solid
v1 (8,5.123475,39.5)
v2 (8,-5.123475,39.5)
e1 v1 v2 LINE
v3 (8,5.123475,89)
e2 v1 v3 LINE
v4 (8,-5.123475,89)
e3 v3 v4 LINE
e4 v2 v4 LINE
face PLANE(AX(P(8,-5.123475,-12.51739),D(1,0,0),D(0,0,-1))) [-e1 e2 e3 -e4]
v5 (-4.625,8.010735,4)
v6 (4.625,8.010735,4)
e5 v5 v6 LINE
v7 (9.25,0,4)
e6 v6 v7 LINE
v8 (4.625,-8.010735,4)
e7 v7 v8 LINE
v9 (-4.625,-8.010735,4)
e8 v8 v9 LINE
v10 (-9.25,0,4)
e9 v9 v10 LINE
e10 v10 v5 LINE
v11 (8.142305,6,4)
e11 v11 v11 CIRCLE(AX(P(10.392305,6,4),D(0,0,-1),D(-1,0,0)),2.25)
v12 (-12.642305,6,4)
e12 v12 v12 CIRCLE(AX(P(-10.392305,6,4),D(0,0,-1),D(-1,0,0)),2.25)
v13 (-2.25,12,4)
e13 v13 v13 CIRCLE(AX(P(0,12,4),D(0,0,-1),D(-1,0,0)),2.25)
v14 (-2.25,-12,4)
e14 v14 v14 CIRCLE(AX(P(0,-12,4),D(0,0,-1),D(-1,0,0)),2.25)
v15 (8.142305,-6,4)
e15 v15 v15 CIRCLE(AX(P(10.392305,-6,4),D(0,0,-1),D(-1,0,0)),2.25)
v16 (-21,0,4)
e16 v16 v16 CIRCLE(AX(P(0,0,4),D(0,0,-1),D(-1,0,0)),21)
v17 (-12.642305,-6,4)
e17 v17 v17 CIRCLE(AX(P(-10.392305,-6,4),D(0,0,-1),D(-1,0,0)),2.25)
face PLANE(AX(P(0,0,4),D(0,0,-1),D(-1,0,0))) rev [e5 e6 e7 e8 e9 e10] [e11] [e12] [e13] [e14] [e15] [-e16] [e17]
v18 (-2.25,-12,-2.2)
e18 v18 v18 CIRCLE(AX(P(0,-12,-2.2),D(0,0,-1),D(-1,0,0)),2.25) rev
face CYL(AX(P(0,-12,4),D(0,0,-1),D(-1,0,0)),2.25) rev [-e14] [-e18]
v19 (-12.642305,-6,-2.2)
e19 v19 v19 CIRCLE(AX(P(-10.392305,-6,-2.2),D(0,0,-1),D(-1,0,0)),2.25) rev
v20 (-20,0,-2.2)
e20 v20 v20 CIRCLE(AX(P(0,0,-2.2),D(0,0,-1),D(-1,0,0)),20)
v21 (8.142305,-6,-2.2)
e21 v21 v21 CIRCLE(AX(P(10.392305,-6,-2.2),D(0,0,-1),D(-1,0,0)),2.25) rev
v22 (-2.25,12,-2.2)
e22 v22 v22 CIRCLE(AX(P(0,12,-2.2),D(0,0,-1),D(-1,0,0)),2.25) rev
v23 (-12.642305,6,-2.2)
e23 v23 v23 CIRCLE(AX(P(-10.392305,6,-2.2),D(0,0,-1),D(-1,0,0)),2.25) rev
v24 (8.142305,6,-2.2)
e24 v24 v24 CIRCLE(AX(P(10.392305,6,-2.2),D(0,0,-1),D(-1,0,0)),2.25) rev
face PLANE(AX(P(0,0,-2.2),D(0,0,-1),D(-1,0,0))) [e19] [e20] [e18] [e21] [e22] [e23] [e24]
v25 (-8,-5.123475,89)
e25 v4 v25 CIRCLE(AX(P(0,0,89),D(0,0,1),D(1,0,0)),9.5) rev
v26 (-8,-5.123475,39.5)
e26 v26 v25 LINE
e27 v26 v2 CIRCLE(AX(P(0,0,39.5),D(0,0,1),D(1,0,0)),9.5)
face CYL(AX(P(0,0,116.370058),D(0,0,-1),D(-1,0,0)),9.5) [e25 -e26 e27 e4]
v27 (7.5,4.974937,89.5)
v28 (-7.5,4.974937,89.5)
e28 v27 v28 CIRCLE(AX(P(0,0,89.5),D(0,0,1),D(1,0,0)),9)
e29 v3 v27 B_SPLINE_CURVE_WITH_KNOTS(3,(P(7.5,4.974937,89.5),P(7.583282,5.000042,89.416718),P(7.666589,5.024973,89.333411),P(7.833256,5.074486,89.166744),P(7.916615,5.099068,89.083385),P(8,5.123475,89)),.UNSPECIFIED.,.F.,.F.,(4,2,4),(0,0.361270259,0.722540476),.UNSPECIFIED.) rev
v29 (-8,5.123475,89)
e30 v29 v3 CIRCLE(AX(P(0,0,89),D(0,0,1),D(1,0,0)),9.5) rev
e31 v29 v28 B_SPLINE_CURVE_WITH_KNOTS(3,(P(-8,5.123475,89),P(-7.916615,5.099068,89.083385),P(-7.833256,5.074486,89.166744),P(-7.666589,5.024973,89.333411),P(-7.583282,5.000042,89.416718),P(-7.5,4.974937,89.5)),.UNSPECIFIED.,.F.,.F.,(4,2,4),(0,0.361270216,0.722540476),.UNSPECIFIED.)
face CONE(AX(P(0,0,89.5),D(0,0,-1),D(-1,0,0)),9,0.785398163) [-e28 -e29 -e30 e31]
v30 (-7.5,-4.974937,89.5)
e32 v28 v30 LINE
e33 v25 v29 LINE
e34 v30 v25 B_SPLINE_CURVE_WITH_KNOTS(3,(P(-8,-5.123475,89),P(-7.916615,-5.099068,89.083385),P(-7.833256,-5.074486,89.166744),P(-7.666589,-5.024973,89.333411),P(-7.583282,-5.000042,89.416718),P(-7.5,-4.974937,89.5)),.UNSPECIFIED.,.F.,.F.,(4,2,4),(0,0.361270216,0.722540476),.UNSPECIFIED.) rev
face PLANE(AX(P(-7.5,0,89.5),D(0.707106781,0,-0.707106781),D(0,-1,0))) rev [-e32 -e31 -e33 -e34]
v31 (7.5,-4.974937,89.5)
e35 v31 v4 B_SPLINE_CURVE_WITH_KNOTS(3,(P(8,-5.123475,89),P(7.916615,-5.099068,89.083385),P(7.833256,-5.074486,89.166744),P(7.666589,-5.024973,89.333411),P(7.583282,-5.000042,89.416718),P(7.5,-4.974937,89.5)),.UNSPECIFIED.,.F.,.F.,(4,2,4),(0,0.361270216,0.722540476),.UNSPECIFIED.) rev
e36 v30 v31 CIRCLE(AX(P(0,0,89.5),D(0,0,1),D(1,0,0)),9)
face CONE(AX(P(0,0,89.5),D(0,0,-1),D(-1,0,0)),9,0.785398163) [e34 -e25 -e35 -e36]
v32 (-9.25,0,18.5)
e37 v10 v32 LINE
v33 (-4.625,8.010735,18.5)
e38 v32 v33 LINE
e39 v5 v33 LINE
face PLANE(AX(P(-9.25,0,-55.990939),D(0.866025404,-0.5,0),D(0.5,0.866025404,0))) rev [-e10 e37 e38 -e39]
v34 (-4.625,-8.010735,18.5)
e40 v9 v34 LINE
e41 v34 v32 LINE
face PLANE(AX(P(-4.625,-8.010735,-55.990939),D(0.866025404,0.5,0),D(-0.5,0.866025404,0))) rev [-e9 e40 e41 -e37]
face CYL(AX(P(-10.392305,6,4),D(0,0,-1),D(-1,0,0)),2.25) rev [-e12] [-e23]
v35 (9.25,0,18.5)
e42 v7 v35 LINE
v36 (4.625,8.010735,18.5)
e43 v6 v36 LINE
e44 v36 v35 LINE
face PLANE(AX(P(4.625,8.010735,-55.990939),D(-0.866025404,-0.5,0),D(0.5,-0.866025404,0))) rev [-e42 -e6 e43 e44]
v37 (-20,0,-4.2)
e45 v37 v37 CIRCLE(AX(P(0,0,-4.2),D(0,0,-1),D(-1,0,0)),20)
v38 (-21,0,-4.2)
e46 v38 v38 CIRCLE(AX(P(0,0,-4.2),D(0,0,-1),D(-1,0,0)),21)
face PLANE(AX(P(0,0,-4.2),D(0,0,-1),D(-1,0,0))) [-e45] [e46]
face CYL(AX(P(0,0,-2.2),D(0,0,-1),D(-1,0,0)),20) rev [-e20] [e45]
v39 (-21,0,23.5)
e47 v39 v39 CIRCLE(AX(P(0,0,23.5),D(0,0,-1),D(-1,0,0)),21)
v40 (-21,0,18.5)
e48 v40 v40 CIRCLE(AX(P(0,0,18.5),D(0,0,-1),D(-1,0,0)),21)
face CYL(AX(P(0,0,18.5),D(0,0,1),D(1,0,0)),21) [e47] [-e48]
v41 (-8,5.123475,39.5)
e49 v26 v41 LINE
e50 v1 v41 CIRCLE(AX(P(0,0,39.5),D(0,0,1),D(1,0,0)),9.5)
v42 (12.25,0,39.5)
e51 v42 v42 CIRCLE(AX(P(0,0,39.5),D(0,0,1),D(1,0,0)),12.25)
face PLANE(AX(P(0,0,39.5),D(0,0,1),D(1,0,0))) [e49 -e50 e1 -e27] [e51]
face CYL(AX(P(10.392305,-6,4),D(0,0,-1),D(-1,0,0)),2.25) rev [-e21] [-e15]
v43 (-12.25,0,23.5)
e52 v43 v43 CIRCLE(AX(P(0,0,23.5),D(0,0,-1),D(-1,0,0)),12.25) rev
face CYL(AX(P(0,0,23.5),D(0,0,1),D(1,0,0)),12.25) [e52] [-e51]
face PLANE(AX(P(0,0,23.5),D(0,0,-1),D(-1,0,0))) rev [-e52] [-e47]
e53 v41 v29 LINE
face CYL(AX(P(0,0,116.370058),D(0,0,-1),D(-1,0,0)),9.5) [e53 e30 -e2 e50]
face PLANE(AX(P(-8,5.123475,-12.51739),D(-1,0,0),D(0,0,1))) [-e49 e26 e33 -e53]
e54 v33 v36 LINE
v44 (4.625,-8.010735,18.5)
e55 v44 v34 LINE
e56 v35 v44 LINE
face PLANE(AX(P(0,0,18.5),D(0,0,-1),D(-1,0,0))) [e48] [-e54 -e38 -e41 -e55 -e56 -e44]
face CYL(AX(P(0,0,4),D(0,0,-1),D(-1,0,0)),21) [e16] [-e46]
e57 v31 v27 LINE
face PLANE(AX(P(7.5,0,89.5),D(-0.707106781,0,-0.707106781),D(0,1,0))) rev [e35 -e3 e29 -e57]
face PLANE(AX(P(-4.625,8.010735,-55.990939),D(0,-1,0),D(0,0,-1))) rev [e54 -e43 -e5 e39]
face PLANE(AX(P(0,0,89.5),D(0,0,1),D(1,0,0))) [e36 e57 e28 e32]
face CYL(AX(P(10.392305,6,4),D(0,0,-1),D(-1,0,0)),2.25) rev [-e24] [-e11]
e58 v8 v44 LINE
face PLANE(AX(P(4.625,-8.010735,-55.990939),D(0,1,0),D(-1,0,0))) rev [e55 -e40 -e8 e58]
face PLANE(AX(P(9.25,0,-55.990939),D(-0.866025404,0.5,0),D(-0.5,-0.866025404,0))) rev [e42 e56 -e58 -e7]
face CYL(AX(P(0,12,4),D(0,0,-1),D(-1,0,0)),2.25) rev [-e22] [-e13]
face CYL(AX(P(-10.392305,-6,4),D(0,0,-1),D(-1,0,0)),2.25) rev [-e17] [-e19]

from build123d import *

# Parameters (mm, degrees)
SKETCH_1_R            = 9.25
EXTRUDE_1_DEPTH       = 89.5
SKETCH_4_R            = 12.25
EXTRUDE_2_DEPTH       = 16
SKETCH_5_R            = 21
EXTRUDE_3_DEPTH       = 5
EXTRUDE_4_DEPTH       = 4.2
EXTRUDE_4_DEPTH_BACK  = 4
SKETCH_6_R            = 21
SKETCH_6_R_2          = 2.25
SKETCH_7_R            = 20
CUT_EXTRUDE_1_DEPTH   = 2
SKETCH_8_OUTSIDE_W    = 66.188
SKETCH_8_OUTSIDE_H    = 66.188
CUT_EXTRUDE_4_DEPTH   = 14.5
SKETCH_11_R           = 9.5
EXTRUDE_5_DEPTH       = 50
SKETCH_13_W           = 10
SKETCH_13_H           = 10.246950766
CUT_EXTRUDE_1_2_DEPTH = 50
CHAMFER_1_SIZE        = 0.5


with BuildPart() as part:
    # 草图1 → 凸台-拉伸1 (new body)
    with BuildSketch(Plane.XY):
        with Locations(Location((0, 0, 0), (0, 0, 180))):
            Circle(SKETCH_1_R)
    extrude(amount=EXTRUDE_1_DEPTH)

    # 草图4 → 凸台-拉伸2 (add)
    with BuildSketch(Plane.XY.offset(39.5)):
        Circle(SKETCH_4_R)
    extrude(amount=-EXTRUDE_2_DEPTH)

    # 草图5 → 凸台-拉伸3 (add)
    with BuildSketch(Plane(origin=(0, 0, 23.5), x_dir=(-1, 0, 0), z_dir=(0, 0, -1))):
        Circle(SKETCH_5_R)
    extrude(amount=EXTRUDE_3_DEPTH)

    # 草图6 → 凸台-拉伸4 (add, two sides: drawn at the far end of the back side and taken through both)
    with BuildSketch(Plane(origin=(0, 0, 0), x_dir=(-1, 0, 0), z_dir=(0, 0, -1)).offset(-EXTRUDE_4_DEPTH_BACK)):
        Circle(SKETCH_6_R)
        with Locations((0, 12)):
            Circle(SKETCH_6_R_2, mode=Mode.SUBTRACT)
        with Locations((10.392304845, 6)):
            Circle(SKETCH_6_R_2, mode=Mode.SUBTRACT)
        with Locations((10.392304845, -6)):
            Circle(SKETCH_6_R_2, mode=Mode.SUBTRACT)
        with Locations((0, -12)):
            Circle(SKETCH_6_R_2, mode=Mode.SUBTRACT)
        with Locations((-10.392304845, -6)):
            Circle(SKETCH_6_R_2, mode=Mode.SUBTRACT)
        with Locations((-10.392304845, 6)):
            Circle(SKETCH_6_R_2, mode=Mode.SUBTRACT)
    extrude(amount=EXTRUDE_4_DEPTH + EXTRUDE_4_DEPTH_BACK)

    # 草图7 → Cut-Extrude 1 (cut)
    with BuildSketch(Plane(origin=(0, 0, -4.2), x_dir=(-1, 0, 0), z_dir=(0, 0, -1))):
        Circle(SKETCH_7_R)
    extrude(amount=-CUT_EXTRUDE_1_DEPTH, mode=Mode.SUBTRACT)

    # 草图8 outside → 切除-拉伸4 (cut)
    with BuildSketch(Plane(origin=(0, 0, 18.5), x_dir=(-1, 0, 0), z_dir=(0, 0, -1))):
        Rectangle(SKETCH_8_OUTSIDE_W, SKETCH_8_OUTSIDE_H)
        Polygon((-9.25, 0), (-4.625, -8.010734985), (4.625, -8.010734985), (9.25, 0), (4.625, 8.010734985), (-4.625, 8.010734985), align=None, mode=Mode.SUBTRACT)
    extrude(amount=CUT_EXTRUDE_4_DEPTH, mode=Mode.SUBTRACT)

    # 草图11 → 凸台-拉伸5 (add)
    with BuildSketch(Plane.XY.offset(39.5)):
        Circle(SKETCH_11_R)
    extrude(amount=EXTRUDE_5_DEPTH)

    # 草图13 → Cut-Extrude 1 2 (cut)
    with BuildSketch(Plane.XY.offset(89.5)):
        with Locations((-13, 0)):
            Rectangle(SKETCH_13_W, SKETCH_13_H)
        with Locations((13, 0)):
            Rectangle(SKETCH_13_W, SKETCH_13_H)
    extrude(amount=-CUT_EXTRUDE_1_2_DEPTH, mode=Mode.SUBTRACT)

    # 倒角1
    chamfer_1_edges = [part.edges().sort_by_distance(p)[0] for p in [
        (8, 0, 89.5),
        (0, -9.5, 89.5),
        (-8, 0, 89.5),
        (0, 9.5, 89.5),
    ]]
    chamfer(chamfer_1_edges, length=CHAMFER_1_SIZE)


solid = part.part
